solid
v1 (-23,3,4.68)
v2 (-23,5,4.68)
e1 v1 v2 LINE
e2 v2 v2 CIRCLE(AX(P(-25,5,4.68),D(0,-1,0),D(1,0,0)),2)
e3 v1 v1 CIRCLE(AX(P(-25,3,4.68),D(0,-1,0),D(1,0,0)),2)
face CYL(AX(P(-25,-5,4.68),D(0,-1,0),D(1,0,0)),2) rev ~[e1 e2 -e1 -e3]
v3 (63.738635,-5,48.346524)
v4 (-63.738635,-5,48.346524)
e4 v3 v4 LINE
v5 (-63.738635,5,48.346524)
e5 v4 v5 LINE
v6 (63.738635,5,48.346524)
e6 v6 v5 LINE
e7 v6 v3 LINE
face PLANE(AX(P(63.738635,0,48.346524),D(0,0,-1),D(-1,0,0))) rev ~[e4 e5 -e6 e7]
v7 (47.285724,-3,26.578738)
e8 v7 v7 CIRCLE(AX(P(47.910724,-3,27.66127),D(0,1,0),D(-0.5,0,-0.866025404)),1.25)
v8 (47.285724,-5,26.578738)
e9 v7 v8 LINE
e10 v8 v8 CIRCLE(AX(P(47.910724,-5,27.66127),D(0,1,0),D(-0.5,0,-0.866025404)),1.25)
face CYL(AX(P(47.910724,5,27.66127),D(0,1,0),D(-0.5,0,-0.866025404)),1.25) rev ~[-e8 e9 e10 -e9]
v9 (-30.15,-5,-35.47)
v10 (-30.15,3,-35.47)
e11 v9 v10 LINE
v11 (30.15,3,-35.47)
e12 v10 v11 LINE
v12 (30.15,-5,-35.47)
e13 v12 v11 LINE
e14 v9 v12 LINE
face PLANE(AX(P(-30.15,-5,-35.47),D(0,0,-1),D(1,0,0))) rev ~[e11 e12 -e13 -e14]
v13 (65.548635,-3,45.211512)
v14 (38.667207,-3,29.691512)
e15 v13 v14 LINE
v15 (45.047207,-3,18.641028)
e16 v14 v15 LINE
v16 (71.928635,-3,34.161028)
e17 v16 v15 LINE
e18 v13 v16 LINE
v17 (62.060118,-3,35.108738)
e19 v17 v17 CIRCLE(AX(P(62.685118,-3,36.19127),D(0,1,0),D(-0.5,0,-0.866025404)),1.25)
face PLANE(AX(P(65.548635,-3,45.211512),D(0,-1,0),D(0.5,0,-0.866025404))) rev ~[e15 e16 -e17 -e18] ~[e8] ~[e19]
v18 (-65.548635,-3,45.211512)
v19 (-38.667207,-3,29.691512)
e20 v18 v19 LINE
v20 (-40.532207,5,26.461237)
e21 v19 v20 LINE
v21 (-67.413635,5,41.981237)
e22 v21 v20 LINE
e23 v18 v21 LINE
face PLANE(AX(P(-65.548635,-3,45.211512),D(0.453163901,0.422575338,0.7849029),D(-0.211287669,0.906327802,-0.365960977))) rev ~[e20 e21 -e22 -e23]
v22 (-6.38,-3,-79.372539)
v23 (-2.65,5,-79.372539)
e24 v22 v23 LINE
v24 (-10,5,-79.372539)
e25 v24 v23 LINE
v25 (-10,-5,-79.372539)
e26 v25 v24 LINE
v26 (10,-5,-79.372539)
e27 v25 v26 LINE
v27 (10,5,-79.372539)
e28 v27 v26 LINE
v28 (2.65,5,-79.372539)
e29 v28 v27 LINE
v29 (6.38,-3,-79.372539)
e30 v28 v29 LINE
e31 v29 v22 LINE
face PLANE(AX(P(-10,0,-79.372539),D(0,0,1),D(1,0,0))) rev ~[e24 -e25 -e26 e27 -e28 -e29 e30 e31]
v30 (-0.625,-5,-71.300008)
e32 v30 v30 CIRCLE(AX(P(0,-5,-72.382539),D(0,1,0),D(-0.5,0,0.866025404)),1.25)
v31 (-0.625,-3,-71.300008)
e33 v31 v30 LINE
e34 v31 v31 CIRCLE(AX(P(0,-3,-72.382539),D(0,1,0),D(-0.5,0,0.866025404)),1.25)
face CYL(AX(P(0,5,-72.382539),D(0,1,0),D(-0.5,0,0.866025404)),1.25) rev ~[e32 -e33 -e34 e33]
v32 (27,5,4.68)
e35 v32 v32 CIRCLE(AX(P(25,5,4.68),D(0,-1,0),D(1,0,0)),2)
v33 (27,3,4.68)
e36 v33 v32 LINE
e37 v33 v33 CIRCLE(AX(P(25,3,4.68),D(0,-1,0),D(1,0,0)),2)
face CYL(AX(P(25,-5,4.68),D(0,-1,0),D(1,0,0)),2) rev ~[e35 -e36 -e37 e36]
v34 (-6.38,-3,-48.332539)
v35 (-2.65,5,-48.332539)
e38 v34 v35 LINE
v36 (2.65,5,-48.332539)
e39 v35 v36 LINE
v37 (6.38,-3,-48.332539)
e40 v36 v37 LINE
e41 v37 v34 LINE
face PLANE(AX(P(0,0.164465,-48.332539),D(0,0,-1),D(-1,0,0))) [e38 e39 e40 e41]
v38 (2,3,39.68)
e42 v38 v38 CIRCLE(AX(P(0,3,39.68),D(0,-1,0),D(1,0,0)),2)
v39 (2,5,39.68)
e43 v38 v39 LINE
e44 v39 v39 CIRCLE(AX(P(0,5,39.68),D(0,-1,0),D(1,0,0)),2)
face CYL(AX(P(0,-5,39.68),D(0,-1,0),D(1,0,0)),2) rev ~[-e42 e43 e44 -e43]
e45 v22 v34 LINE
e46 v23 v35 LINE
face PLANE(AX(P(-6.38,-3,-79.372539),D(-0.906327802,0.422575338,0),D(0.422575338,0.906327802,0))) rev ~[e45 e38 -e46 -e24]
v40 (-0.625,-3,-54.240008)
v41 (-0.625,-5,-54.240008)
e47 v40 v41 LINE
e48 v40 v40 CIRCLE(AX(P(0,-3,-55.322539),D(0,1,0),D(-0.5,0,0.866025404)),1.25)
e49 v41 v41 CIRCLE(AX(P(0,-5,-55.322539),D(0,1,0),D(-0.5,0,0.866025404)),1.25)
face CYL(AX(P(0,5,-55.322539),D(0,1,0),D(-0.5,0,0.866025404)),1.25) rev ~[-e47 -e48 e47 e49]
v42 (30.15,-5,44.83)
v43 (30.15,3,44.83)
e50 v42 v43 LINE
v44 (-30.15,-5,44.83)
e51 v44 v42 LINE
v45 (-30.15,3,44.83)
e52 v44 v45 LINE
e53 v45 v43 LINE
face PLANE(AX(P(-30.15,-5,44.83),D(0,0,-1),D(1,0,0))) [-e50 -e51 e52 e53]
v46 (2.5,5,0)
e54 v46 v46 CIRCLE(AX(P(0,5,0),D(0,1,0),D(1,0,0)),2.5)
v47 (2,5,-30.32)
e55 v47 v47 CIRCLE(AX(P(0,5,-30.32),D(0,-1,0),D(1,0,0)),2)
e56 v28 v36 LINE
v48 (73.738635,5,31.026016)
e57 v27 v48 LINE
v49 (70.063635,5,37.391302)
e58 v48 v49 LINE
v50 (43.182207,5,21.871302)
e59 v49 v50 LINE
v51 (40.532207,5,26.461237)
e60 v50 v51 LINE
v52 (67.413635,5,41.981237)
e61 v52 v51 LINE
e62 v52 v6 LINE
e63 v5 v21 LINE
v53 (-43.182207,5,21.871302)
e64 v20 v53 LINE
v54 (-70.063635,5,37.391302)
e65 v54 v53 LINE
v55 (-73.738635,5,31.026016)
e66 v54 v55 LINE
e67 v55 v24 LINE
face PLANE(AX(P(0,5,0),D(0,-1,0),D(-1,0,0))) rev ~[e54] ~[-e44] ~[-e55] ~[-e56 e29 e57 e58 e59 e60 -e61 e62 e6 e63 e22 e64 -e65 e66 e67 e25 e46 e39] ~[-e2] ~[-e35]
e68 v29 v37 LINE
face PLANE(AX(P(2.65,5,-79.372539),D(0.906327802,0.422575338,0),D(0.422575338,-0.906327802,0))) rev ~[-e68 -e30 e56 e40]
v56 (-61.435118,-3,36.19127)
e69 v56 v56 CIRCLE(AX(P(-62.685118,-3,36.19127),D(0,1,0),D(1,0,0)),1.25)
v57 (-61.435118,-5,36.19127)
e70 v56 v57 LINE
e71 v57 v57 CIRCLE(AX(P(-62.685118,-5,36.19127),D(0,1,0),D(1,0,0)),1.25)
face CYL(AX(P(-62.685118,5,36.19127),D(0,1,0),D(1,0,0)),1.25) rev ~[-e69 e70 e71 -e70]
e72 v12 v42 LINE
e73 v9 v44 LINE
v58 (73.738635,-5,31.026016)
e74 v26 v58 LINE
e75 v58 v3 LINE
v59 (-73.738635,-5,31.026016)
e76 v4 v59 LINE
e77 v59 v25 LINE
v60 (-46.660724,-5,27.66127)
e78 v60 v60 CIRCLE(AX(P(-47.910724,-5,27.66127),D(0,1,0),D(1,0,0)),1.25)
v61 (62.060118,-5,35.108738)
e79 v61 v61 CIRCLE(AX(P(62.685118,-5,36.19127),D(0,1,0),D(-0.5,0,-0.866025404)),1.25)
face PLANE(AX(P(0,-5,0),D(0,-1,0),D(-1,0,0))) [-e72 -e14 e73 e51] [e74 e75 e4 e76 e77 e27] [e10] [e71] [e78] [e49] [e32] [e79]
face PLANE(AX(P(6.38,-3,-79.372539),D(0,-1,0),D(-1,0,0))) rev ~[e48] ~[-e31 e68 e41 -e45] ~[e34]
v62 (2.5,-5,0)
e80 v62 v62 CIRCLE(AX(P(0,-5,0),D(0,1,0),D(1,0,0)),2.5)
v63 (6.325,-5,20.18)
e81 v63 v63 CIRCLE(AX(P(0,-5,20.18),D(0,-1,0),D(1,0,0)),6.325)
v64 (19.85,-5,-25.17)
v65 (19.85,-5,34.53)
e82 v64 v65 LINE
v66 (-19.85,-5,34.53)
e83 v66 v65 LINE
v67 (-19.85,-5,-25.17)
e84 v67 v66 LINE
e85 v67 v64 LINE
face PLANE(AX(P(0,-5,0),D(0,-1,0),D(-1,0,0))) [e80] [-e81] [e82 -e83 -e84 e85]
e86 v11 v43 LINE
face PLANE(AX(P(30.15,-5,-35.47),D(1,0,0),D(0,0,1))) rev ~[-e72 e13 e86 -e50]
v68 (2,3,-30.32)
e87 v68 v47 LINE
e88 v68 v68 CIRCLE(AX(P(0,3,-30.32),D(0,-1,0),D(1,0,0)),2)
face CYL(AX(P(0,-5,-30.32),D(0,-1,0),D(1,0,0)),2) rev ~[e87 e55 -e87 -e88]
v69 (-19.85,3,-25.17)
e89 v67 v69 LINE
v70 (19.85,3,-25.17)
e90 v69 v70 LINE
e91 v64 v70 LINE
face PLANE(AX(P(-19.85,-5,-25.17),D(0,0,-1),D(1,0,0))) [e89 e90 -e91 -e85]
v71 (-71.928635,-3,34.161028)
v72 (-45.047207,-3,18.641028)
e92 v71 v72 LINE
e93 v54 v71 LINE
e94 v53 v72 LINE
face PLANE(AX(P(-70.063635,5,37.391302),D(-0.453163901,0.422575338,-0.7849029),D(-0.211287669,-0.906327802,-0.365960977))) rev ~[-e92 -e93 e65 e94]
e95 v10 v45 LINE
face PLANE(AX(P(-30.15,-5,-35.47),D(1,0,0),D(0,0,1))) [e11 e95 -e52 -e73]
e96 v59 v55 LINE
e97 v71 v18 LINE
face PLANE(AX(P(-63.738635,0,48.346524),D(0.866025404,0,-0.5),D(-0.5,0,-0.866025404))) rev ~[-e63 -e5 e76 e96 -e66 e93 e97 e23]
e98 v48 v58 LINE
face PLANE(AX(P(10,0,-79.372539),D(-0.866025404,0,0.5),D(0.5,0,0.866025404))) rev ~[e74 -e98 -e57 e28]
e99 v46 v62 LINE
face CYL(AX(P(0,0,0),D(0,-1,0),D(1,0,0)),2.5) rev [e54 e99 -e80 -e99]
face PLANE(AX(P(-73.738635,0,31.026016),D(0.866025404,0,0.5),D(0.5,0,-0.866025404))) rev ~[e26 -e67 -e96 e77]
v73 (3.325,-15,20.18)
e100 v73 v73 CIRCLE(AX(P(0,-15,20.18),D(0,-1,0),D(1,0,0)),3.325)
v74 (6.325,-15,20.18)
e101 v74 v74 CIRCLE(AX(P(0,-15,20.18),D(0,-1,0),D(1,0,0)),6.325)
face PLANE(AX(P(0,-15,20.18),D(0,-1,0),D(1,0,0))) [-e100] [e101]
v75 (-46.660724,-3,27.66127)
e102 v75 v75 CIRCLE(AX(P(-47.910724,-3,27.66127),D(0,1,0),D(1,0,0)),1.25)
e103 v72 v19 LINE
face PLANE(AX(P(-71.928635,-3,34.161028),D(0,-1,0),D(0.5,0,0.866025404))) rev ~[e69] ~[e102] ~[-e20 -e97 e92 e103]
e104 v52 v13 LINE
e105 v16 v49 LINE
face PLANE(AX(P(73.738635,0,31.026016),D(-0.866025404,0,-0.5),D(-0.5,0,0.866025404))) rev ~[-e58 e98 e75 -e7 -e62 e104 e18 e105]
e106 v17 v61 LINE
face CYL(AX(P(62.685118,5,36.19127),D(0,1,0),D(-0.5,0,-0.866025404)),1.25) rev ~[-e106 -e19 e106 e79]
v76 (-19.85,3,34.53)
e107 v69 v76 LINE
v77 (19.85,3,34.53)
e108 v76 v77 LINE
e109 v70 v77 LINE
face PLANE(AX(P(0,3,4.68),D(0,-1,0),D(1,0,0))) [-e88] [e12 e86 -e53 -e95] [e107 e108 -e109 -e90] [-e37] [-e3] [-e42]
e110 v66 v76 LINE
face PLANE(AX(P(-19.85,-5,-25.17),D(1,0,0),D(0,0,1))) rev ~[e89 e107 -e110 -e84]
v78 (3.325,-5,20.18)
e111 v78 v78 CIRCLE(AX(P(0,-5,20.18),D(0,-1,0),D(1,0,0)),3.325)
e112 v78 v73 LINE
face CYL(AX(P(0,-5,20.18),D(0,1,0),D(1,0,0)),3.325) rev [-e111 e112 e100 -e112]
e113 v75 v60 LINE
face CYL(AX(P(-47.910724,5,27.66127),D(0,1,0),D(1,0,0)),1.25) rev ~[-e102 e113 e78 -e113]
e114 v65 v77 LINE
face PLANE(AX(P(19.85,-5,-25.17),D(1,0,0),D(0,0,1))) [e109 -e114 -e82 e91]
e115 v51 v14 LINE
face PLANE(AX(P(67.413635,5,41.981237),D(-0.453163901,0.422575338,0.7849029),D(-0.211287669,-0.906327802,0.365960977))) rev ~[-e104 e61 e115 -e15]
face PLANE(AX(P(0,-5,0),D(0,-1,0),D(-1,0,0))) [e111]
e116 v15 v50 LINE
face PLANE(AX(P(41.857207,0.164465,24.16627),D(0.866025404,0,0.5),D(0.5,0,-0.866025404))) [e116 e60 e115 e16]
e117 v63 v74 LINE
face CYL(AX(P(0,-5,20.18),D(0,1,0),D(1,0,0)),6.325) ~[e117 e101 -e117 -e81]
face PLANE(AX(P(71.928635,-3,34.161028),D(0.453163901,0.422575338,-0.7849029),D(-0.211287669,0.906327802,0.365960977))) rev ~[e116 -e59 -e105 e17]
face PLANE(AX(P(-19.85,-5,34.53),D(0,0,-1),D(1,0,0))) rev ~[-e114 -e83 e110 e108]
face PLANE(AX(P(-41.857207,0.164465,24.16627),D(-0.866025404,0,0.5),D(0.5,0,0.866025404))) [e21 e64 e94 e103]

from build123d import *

# Parameters (mm, degrees)
ESQUISSE1_R                  = 2.5
BOSS_EXTRU_1_DEPTH           = 5
ESQUISSE2_R                  = 1.25
ENL_V_MAT_EXTRU_1_DEPTH      = 11
R_P_TITION_CIRCULAIRE1_COUNT = 3
ESQUISSE4_R                  = 2
ENL_V_MAT_EXTRU_3_DEPTH      = 11
ESQUISSE5_W                  = 60.3
ESQUISSE5_H                  = 80.3
ESQUISSE5_W_2                = 39.7
ESQUISSE5_H_2                = 59.7
ENL_V_MAT_EXTRU_4_DEPTH      = 8
ESQUISSE6_R                  = 6.325
ESQUISSE6_R_2                = 3.325
BOSS_EXTRU_2_DEPTH           = 10
ENL_V_MAT_EXTRU_5_DEPTH      = 31.04
R_P_TITION_CIRCULAIRE2_COUNT = 3


with BuildPart() as part:
    # Esquisse1 → Boss.-Extru.1 (new body, symmetric)
    with BuildSketch(Plane(origin=(0, 0, 0), x_dir=(1, 0, 0), z_dir=(0, 1, 0))):
        Polygon((-10, 79.372539332), (10, 79.372539332), (73.738635424, -31.026015628), (63.738635424, -48.346523704), (-63.738635424, -48.346523704), (-73.738635424, -31.026015628), align=None)
        Circle(ESQUISSE1_R, mode=Mode.SUBTRACT)
    extrude(amount=BOSS_EXTRU_1_DEPTH, both=True)

    # Esquisse2 → Enlèv. mat.-Extru.1 (cut, through all)
    with BuildSketch(Plane(origin=(0, 5, 0), x_dir=(1, 0, 0), z_dir=(0, 1, 0))):
        with Locations((-62.685117852, -36.191269666)):
            Circle(ESQUISSE2_R)
        with Locations((-47.910724463, -27.661269666)):
            Circle(ESQUISSE2_R)
    enl_v_mat_extru_1 = extrude(amount=-ENL_V_MAT_EXTRU_1_DEPTH, mode=Mode.SUBTRACT)

    # Répétition circulaire1: Enlèv. mat.-Extru.1 ×3 about axis
    r_p_tition_circulaire1_axis = Axis((0, 0, 0), (0, 1, 0))
    for i in range(1, R_P_TITION_CIRCULAIRE1_COUNT):
        add(enl_v_mat_extru_1.rotate(r_p_tition_circulaire1_axis, i * 360 / R_P_TITION_CIRCULAIRE1_COUNT), mode=Mode.SUBTRACT)

    # Esquisse4 → Enlèv. mat.-Extru.3 (cut, through all)
    with BuildSketch(Plane.XZ.offset(5)):
        with Locations((0, -30.32)):
            Circle(ESQUISSE4_R)
        with Locations((0, 39.68)):
            Circle(ESQUISSE4_R)
        with Locations((25, 4.68)):
            Circle(ESQUISSE4_R)
        with Locations((-25, 4.68)):
            Circle(ESQUISSE4_R)
    extrude(amount=-ENL_V_MAT_EXTRU_3_DEPTH, mode=Mode.SUBTRACT)

    # Esquisse5 → Enlèv. mat.-Extru.4 (cut)
    with BuildSketch(Plane.XZ.offset(5)):
        with Locations((0, 4.68)):
            Rectangle(ESQUISSE5_W, ESQUISSE5_H)
        with Locations((0, 4.68)):
            Rectangle(ESQUISSE5_W_2, ESQUISSE5_H_2, mode=Mode.SUBTRACT)
    extrude(amount=-ENL_V_MAT_EXTRU_4_DEPTH, mode=Mode.SUBTRACT)

    # Esquisse6 → Boss.-Extru.2 (add)
    with BuildSketch(Plane.XZ.offset(5)):
        with Locations((0, 20.18)):
            Circle(ESQUISSE6_R)
        with Locations((0, 20.18)):
            Circle(ESQUISSE6_R_2, mode=Mode.SUBTRACT)
    extrude(amount=BOSS_EXTRU_2_DEPTH)

    # Esquisse7 → Enlèv. mat.-Extru.5 (cut)
    with BuildSketch(Plane(origin=(-68.738635424, 0, 39.686269666), x_dir=(0.5, 0, 0.866025404), z_dir=(-0.866025404, 0, 0.5))):
        Polygon((-2.65, 5), (-6.38, -3), (6.38, -3), (2.65, 5), align=None)
    enl_v_mat_extru_5 = extrude(amount=-ENL_V_MAT_EXTRU_5_DEPTH, mode=Mode.SUBTRACT)

    # Répétition circulaire2: Enlèv. mat.-Extru.5 ×3 about axis
    r_p_tition_circulaire2_axis = Axis((0, 0, 0), (0, 1, 0))
    for i in range(1, R_P_TITION_CIRCULAIRE2_COUNT):
        add(enl_v_mat_extru_5.rotate(r_p_tition_circulaire2_axis, i * 360 / R_P_TITION_CIRCULAIRE2_COUNT), mode=Mode.SUBTRACT)


solid = part.part
